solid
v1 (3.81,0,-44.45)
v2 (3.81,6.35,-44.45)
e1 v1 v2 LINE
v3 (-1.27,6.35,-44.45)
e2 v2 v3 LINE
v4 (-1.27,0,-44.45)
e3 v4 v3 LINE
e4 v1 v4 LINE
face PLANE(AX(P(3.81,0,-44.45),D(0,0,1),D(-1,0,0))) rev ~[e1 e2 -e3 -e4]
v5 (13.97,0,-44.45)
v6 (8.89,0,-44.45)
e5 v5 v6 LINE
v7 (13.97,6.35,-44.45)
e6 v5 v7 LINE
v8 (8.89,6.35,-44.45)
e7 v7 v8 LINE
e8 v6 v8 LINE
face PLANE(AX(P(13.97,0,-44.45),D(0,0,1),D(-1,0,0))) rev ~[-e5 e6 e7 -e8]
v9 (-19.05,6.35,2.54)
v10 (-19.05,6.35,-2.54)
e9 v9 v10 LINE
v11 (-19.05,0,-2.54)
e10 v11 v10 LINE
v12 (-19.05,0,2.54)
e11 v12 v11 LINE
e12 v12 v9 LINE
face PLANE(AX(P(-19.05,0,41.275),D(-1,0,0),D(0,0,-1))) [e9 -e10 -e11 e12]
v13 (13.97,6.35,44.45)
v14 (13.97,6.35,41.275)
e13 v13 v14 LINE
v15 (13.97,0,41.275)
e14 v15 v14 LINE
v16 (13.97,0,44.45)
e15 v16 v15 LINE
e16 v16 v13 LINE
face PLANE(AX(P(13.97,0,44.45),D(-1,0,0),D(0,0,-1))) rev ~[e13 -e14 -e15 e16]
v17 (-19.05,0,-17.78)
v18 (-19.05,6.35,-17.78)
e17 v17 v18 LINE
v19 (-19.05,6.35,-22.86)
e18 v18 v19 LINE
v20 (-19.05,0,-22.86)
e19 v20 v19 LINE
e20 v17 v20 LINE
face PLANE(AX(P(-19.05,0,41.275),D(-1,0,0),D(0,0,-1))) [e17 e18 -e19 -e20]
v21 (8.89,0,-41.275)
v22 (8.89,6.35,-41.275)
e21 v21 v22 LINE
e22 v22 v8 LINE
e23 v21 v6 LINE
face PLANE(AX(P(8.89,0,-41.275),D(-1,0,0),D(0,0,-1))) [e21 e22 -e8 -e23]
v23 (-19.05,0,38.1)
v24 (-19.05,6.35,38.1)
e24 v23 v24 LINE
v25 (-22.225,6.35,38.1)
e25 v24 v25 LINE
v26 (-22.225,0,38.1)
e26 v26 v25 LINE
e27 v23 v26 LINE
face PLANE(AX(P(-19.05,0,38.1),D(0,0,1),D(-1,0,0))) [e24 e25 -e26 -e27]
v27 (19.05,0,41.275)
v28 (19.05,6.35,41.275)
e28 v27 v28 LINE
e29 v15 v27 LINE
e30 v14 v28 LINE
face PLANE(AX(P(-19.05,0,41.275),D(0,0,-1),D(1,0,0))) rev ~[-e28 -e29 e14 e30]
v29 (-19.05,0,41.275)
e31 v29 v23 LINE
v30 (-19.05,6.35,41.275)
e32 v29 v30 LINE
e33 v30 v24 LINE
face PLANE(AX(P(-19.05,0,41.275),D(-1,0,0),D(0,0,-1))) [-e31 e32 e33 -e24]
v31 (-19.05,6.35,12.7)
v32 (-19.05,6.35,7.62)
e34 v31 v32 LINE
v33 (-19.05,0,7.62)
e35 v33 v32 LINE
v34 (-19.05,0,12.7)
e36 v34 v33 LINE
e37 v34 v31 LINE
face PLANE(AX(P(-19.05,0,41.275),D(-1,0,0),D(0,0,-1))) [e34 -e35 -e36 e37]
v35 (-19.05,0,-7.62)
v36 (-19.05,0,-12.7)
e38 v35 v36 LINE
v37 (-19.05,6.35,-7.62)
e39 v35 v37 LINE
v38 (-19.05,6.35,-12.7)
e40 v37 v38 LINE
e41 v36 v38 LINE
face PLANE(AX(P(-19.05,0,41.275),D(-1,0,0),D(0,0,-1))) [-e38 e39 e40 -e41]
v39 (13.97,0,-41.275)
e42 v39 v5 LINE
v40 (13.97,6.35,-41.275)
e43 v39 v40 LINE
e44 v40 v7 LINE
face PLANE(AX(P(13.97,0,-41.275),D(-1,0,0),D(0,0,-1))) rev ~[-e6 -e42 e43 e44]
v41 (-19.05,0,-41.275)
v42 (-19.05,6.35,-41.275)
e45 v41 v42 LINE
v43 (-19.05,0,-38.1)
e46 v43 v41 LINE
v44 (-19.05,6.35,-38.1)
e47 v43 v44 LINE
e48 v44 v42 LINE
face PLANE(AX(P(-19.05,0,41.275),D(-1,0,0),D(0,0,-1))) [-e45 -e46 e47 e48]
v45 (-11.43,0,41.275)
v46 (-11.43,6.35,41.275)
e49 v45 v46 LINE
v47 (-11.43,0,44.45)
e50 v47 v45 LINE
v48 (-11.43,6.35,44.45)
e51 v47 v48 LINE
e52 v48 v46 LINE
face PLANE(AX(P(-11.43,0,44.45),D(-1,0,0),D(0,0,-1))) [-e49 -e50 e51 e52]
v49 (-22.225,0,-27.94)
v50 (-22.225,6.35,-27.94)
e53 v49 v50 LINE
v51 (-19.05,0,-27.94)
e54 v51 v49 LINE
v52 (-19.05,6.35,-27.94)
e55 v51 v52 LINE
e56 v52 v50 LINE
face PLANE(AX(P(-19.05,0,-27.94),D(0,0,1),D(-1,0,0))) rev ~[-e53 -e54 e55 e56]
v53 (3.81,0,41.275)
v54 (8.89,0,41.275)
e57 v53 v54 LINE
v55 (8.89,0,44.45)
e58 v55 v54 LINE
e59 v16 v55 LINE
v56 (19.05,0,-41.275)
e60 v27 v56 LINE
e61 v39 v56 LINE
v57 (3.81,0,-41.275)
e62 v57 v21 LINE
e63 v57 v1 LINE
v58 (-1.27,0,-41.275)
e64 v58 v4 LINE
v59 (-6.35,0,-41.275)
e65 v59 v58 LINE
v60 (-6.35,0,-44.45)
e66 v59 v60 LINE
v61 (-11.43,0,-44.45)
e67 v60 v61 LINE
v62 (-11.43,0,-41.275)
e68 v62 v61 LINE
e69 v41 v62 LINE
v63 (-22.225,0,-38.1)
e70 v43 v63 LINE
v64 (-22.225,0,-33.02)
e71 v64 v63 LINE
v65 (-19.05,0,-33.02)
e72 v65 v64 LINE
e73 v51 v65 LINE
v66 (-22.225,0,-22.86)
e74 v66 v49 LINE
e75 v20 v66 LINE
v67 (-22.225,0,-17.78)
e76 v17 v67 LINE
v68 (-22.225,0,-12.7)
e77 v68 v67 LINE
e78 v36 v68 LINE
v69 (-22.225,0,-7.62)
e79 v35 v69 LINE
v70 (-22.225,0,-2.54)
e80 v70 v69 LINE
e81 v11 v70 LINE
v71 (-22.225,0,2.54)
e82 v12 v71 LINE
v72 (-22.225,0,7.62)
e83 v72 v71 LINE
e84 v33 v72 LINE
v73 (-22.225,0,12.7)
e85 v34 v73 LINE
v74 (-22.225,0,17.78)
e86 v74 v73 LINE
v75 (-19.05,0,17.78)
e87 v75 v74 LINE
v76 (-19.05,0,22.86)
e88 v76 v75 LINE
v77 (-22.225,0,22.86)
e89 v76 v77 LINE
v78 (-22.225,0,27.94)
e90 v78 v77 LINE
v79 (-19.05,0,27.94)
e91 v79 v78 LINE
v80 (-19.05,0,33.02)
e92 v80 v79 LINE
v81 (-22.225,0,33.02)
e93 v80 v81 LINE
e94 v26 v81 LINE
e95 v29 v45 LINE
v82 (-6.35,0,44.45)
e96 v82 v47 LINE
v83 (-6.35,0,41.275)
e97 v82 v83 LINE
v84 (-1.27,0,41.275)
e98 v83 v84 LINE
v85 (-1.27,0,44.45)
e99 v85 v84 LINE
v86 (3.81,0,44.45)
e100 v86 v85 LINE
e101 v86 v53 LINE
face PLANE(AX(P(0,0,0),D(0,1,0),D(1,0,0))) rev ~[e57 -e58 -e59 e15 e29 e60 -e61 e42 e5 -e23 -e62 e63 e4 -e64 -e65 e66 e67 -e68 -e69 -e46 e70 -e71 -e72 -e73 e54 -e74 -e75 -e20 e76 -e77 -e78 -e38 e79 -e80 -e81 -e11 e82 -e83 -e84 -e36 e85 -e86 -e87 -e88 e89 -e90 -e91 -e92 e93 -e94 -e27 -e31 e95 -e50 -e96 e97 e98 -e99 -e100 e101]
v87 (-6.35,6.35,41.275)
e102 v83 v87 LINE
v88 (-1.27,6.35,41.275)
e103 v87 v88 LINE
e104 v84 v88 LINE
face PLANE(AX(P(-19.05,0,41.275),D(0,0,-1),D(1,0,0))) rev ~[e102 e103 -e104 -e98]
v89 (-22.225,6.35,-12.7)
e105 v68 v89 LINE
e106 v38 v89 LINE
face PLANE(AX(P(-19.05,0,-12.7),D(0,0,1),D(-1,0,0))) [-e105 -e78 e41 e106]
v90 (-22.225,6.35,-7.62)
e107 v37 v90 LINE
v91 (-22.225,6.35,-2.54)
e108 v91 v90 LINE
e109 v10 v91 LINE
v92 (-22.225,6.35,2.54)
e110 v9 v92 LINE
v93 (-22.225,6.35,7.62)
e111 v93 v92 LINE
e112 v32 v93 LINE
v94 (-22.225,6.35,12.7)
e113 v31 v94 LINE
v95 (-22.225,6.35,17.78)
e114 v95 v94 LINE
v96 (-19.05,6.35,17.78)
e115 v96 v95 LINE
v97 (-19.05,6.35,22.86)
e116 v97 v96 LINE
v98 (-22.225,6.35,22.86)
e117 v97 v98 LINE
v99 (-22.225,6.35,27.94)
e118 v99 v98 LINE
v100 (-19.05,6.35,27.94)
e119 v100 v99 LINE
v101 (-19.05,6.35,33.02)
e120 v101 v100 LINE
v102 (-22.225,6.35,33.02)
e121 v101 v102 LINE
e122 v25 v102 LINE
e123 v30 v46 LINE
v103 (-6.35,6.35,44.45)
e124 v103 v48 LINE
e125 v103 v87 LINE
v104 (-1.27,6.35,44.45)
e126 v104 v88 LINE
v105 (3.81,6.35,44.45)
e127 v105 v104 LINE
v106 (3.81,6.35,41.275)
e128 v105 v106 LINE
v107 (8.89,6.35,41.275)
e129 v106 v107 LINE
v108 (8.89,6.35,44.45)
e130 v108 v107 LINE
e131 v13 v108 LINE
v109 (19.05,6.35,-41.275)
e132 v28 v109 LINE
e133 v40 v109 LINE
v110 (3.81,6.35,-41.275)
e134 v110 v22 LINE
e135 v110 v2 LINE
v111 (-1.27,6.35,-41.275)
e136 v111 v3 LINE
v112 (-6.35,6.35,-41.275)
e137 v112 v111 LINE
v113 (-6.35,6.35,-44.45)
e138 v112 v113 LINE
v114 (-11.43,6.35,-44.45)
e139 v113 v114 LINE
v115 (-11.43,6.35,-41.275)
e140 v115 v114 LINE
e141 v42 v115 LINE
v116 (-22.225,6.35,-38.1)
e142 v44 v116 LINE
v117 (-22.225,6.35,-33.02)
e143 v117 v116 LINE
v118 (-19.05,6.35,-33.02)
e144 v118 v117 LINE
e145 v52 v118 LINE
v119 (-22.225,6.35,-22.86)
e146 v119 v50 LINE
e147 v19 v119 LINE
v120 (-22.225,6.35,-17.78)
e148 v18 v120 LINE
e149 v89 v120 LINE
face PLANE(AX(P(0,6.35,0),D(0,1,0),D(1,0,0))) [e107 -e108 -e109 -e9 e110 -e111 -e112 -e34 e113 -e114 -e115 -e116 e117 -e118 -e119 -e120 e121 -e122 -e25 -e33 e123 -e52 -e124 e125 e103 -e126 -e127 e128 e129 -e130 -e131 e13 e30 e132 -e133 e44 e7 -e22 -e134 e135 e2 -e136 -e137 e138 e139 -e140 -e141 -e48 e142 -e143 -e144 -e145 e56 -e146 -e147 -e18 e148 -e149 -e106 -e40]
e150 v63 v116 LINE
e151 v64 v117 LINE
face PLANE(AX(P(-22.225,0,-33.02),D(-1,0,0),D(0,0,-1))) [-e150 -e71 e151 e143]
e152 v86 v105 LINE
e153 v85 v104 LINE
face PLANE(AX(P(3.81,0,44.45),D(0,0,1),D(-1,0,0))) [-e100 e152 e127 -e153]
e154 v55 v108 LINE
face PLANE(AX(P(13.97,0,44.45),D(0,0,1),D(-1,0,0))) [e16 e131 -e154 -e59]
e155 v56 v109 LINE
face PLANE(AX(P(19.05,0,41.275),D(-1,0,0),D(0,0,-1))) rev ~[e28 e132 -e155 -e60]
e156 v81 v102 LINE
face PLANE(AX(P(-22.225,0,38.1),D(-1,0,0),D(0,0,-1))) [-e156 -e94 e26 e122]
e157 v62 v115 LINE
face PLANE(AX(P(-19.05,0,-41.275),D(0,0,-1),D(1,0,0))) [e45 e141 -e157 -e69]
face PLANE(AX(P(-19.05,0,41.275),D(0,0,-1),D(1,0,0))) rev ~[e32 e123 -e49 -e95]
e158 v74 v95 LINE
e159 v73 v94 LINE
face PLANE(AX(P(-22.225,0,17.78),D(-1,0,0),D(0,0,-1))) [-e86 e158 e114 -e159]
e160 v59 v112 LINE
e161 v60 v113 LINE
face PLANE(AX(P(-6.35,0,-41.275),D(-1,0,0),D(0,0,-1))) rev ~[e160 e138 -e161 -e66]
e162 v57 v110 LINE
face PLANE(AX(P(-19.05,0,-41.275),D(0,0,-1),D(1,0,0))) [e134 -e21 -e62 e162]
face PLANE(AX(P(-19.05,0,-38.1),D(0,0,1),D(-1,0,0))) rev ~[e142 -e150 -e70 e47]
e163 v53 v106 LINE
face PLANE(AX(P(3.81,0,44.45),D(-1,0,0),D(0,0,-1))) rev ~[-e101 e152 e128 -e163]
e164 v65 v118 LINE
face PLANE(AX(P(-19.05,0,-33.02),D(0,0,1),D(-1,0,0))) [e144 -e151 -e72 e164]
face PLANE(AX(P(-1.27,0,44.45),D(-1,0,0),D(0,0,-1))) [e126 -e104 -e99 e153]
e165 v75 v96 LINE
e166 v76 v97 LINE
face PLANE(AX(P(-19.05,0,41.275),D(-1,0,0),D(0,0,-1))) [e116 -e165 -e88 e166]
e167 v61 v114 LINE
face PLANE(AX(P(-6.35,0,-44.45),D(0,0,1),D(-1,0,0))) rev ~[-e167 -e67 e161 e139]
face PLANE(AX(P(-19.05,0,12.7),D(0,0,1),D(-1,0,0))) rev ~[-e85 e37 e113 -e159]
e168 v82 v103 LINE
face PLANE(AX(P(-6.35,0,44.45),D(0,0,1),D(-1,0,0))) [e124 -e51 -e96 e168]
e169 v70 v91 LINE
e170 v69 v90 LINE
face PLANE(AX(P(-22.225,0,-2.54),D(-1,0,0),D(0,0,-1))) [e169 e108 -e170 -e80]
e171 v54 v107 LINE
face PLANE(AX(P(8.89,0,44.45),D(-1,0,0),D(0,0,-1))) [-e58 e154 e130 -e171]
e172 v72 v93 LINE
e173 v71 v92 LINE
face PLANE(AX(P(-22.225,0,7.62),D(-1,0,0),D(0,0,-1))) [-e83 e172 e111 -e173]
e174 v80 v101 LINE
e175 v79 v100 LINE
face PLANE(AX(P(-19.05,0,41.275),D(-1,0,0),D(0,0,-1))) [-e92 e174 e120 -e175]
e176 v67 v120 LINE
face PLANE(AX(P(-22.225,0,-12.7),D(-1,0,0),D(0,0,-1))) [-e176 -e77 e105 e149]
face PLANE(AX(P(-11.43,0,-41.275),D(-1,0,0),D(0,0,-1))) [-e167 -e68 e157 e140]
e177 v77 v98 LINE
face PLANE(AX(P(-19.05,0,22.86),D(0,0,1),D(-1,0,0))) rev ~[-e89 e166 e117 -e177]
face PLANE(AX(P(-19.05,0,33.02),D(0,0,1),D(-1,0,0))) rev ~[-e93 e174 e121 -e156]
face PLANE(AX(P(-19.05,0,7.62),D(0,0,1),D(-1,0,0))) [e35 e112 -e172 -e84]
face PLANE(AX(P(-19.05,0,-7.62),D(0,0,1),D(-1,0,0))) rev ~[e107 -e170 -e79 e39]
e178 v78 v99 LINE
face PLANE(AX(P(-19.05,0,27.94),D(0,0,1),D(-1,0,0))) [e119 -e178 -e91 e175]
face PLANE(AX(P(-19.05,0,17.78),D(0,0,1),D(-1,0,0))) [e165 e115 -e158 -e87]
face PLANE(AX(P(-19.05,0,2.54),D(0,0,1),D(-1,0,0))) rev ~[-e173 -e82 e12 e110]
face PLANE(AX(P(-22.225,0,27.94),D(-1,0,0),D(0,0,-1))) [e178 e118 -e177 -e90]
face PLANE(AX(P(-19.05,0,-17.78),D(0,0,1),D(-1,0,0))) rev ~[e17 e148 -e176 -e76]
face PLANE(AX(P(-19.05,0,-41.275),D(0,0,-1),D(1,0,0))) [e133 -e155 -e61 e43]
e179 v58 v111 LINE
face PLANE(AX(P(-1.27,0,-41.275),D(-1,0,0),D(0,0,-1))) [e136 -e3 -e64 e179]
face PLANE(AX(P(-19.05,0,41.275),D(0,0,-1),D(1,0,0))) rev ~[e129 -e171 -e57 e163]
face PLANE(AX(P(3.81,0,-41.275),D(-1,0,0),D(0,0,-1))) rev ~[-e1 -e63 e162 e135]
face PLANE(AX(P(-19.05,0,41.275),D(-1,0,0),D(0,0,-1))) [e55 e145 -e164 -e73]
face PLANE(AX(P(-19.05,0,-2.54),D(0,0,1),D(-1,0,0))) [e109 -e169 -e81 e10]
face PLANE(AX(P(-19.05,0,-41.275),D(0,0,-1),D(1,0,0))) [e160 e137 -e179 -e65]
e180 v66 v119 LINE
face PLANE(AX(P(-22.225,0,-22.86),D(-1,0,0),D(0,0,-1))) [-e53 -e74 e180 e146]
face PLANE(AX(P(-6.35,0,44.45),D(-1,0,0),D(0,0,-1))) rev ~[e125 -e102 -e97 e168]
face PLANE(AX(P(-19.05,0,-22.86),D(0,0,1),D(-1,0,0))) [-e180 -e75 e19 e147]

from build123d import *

# Parameters (mm, degrees)
SKETCH1_W           = 38.1
SKETCH1_H           = 82.55
BOSS_EXTRUDE1_DEPTH = 6.35
SKETCH2_W           = 5.08
SKETCH2_H           = 3.175
SKETCH2_W_2         = 3.175
SKETCH2_H_2         = 5.08
BOSS_EXTRUDE2_DEPTH = 6.35


with BuildPart() as part:
    # Sketch1 → Boss-Extrude1 (new body)
    with BuildSketch(Plane(origin=(0, 0, 0), x_dir=(1, 0, 0), z_dir=(0, 1, 0))):
        Rectangle(SKETCH1_W, SKETCH1_H)
    extrude(amount=BOSS_EXTRUDE1_DEPTH)

    # Sketch2 → Boss-Extrude2 (add)
    with BuildSketch(Plane(origin=(0, 0, 0), x_dir=(-1, 0, 0), z_dir=(0, -1, 0))):
        with Locations((-11.43, 42.8625)):
            Rectangle(SKETCH2_W, SKETCH2_H)
        with Locations((20.6375, 35.56)):
            Rectangle(SKETCH2_W_2, SKETCH2_H_2)
        with Locations((-1.27, 42.8625)):
            Rectangle(SKETCH2_W, SKETCH2_H)
        with Locations((8.89, 42.8625)):
            Rectangle(SKETCH2_W, SKETCH2_H)
        with Locations((20.6375, 25.4)):
            Rectangle(SKETCH2_W_2, SKETCH2_H_2)
        with Locations((20.6375, 15.24)):
            Rectangle(SKETCH2_W_2, SKETCH2_H_2)
        with Locations((20.6375, 5.08)):
            Rectangle(SKETCH2_W_2, SKETCH2_H_2)
        with Locations((20.6375, -5.08)):
            Rectangle(SKETCH2_W_2, SKETCH2_H_2)
        with Locations((20.6375, -15.24)):
            Rectangle(SKETCH2_W_2, SKETCH2_H_2)
        with Locations((20.6375, -25.4)):
            Rectangle(SKETCH2_W_2, SKETCH2_H_2)
        with Locations((20.6375, -35.56)):
            Rectangle(SKETCH2_W_2, SKETCH2_H_2)
        with Locations((8.89, -42.8625)):
            Rectangle(SKETCH2_W, SKETCH2_H)
        with Locations((-1.27, -42.8625)):
            Rectangle(SKETCH2_W, SKETCH2_H)
        with Locations((-11.43, -42.8625)):
            Rectangle(SKETCH2_W, SKETCH2_H)
    extrude(amount=-BOSS_EXTRUDE2_DEPTH)


solid = part.part
